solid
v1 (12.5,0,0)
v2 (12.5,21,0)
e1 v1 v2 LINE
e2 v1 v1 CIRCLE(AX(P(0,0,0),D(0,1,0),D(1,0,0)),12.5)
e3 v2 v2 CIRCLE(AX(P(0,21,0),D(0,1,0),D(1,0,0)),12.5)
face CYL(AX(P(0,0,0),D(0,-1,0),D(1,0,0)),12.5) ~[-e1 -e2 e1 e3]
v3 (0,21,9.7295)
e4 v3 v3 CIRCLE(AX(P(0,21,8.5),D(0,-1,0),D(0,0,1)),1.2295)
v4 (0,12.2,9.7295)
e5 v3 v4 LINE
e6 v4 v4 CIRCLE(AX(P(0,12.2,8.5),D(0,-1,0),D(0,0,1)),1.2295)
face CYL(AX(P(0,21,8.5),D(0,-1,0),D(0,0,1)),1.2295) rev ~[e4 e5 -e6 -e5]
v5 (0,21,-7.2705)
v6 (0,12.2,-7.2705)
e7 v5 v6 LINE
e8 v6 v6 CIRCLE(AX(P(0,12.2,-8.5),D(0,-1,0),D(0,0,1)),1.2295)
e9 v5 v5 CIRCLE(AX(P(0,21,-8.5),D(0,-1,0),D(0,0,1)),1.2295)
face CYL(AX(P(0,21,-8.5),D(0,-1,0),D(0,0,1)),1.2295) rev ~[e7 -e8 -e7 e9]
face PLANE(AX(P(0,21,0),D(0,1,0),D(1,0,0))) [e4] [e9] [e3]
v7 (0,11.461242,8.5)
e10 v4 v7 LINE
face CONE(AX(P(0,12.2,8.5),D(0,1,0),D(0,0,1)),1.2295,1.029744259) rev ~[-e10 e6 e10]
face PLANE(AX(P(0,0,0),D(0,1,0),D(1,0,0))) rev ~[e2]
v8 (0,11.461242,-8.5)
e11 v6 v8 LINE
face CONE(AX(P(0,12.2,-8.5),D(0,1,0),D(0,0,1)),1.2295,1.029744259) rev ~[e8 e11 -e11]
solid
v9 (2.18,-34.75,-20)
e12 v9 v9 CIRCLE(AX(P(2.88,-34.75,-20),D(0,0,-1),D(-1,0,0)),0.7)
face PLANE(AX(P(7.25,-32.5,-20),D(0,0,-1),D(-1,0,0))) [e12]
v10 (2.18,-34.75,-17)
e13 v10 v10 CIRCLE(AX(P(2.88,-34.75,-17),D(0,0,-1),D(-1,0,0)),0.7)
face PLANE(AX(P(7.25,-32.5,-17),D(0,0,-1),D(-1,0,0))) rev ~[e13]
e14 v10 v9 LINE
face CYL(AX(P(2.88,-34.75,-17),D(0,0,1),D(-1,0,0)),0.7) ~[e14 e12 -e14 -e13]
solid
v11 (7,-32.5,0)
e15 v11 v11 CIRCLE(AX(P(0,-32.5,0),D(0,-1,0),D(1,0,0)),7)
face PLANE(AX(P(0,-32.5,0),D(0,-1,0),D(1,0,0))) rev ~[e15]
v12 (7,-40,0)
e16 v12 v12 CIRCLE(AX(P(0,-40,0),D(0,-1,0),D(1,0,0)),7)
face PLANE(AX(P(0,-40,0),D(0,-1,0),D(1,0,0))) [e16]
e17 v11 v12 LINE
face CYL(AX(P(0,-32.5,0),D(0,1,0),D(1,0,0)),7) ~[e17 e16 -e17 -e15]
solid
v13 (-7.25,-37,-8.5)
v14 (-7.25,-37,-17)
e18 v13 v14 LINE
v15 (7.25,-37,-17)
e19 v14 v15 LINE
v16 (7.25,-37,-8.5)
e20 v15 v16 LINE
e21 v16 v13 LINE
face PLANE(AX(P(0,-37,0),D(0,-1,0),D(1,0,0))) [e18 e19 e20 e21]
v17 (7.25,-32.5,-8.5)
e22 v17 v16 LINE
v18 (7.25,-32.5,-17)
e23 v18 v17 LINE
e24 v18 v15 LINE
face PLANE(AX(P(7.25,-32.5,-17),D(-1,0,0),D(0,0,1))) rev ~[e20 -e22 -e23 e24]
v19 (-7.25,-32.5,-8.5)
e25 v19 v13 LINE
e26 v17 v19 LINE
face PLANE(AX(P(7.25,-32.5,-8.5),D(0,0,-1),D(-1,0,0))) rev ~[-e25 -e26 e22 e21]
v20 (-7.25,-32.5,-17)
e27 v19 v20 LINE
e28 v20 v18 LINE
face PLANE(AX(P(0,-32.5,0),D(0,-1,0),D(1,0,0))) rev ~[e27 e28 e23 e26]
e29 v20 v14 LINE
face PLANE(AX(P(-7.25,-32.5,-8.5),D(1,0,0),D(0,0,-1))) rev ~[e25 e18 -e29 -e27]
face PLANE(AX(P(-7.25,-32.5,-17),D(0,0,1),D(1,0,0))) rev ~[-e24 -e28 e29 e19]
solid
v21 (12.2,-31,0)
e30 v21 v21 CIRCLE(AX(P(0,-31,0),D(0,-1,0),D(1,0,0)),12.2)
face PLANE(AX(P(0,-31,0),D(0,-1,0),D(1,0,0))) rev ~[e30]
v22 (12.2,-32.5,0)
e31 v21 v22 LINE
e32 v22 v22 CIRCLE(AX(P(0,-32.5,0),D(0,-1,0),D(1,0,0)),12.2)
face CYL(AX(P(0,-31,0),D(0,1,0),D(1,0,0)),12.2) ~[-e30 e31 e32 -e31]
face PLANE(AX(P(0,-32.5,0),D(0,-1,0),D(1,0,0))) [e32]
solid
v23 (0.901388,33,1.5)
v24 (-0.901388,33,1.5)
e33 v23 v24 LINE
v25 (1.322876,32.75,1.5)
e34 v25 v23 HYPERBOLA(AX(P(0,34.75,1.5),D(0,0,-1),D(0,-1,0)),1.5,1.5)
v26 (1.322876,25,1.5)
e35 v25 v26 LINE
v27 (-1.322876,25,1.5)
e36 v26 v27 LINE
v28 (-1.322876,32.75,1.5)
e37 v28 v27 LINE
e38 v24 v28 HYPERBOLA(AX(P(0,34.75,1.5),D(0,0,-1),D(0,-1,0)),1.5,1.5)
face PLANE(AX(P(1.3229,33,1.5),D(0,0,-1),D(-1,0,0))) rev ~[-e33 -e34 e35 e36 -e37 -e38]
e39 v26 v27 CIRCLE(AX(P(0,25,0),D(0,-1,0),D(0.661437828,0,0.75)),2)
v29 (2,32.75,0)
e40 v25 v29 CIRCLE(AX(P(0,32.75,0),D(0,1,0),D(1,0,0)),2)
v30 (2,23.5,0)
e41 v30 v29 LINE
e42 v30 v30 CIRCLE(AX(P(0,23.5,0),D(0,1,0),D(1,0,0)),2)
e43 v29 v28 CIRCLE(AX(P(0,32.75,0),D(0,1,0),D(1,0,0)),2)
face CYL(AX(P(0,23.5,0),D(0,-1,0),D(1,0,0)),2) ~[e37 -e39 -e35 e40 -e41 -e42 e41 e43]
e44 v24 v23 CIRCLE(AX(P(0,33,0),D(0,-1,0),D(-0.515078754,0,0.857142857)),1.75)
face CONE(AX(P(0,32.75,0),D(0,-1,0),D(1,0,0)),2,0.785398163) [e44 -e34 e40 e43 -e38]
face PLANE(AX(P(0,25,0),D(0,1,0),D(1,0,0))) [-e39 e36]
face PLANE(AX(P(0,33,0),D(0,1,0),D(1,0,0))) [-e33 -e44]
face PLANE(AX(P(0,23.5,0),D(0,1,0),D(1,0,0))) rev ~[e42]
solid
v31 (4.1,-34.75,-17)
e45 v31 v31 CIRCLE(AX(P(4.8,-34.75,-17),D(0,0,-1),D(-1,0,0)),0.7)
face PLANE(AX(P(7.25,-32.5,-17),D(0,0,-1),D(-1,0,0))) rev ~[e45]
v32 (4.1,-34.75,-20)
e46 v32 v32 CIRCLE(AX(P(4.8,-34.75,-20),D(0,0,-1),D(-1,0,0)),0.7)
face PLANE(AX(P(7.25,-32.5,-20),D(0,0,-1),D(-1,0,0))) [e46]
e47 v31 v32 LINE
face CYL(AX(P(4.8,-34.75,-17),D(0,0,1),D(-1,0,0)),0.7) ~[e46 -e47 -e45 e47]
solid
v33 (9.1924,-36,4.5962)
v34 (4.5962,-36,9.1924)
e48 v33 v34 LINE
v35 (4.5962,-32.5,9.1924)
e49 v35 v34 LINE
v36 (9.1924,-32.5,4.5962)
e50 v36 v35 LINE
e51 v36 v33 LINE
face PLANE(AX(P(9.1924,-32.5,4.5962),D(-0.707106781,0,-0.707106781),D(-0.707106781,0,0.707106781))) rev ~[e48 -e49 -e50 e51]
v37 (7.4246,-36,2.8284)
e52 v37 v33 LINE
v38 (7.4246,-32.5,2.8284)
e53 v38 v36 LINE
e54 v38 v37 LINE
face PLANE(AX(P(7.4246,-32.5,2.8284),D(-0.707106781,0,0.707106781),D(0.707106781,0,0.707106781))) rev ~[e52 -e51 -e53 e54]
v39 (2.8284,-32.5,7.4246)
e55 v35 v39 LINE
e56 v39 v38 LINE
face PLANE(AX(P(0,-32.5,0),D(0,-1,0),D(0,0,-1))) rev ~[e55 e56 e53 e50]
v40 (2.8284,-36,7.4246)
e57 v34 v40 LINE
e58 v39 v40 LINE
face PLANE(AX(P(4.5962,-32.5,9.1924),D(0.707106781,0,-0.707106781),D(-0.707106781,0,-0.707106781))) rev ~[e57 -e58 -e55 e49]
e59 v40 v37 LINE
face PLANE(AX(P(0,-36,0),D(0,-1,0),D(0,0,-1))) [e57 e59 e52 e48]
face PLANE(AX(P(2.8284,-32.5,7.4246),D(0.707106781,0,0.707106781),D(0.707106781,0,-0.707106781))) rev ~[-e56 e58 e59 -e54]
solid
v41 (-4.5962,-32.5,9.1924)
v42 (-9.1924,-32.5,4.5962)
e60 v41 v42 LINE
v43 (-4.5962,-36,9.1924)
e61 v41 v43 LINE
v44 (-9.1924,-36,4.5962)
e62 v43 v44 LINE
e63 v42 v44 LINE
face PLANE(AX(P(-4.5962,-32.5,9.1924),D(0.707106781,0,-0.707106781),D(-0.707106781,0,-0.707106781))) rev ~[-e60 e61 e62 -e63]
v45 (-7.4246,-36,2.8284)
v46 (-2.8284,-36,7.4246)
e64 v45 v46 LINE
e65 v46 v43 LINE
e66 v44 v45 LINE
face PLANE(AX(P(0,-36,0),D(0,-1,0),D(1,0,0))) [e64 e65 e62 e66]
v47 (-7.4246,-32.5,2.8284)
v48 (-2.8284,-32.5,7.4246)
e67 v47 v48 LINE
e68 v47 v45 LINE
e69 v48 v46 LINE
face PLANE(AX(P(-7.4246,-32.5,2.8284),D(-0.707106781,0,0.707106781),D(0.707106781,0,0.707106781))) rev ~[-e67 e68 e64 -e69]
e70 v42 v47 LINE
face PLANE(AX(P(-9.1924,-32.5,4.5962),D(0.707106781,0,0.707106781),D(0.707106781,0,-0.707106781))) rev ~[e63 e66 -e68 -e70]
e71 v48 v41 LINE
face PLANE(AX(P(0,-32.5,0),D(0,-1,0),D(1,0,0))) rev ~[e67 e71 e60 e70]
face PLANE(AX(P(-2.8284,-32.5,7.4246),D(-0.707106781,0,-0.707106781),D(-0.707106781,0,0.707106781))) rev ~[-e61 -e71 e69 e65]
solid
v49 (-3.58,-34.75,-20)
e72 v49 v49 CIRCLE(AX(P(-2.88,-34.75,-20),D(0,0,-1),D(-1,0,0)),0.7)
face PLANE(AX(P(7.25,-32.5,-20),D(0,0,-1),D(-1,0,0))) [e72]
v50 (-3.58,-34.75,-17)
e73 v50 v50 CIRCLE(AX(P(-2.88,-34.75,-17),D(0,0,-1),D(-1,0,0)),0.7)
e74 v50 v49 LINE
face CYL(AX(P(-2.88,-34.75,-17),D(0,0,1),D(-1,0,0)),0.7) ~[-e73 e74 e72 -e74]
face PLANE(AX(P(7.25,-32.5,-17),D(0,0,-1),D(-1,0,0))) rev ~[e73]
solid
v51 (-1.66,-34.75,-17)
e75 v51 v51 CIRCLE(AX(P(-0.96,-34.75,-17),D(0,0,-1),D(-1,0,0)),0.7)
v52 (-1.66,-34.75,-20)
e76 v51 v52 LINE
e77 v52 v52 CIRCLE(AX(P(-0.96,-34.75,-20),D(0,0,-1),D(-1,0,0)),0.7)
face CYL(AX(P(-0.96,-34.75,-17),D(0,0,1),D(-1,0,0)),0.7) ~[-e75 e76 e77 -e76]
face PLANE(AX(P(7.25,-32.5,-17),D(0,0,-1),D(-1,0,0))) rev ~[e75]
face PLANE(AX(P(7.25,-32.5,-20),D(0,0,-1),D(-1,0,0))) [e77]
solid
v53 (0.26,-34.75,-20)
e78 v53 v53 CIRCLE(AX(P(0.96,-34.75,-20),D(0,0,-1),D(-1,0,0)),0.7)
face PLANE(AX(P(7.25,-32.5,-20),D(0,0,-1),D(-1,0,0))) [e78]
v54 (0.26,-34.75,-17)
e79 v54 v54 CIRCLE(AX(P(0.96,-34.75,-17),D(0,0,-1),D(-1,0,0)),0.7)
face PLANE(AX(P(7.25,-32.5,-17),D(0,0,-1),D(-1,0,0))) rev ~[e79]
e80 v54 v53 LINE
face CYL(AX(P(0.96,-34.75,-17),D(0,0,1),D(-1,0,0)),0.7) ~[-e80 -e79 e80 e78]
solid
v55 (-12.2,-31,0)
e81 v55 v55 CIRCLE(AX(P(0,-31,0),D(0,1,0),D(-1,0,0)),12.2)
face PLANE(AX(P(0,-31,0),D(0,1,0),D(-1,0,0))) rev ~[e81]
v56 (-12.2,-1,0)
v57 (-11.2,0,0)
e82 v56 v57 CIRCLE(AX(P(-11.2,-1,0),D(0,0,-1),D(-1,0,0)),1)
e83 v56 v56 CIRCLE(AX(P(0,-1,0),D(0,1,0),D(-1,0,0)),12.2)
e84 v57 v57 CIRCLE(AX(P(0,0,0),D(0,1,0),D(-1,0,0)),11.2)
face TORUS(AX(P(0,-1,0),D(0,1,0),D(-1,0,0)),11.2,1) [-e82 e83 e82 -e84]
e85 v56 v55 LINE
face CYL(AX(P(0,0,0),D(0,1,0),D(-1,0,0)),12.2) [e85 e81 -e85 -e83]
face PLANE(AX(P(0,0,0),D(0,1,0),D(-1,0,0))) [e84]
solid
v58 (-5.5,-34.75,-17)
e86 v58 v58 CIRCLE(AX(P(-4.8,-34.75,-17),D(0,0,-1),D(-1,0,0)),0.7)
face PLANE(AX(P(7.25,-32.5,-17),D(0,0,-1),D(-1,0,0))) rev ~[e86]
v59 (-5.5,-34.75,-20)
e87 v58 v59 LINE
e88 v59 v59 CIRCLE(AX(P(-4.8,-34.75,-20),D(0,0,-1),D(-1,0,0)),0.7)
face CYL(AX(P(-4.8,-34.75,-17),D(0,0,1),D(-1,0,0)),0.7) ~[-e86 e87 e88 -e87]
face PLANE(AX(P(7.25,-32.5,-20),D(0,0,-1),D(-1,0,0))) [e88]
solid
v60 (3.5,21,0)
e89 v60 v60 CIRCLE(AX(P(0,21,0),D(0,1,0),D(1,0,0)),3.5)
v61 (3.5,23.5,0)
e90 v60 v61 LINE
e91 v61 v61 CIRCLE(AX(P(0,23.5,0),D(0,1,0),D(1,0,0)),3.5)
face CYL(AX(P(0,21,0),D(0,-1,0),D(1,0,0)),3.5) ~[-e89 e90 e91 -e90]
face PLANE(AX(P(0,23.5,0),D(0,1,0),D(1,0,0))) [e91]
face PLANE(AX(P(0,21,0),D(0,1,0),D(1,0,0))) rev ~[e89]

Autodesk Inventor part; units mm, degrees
ref_plane "YZ Plane" through (0, 0, 0) normal (1, 0, 0) x (0, 1, 0)
ref_plane "XZ Plane" through (0, 0, 0) normal (0, 1, 0) x (-1, 0, 0)
ref_plane "XY Plane" through (0, 0, 0) normal (0, 0, 1) x (1, 0, 0)
sketch "Sketch1" plane through (0, 0, 0) normal (0, 1, 0) x (-1, 0, 0)
  circle A0 centre (0, 0) radius 12.2
  dimension "d0" = 24.4
extrude "Extrusion1" add sketch "Sketch1" against normal blind 31
fillet "Fillet1" radius 1 1 edges at (12.2, 0, 0)
sketch "Sketch2" plane through (0, -31, 0) normal (0, -1, 0) x (1, 0, 0)
  circle A0 centre (0, 0) radius 12.2 projected
extrude "Extrusion2" add sketch "Sketch2" along normal blind 1.5 separate body
sketch "Sketch3" plane through (0, -32.5, 0) normal (0, -1, 0) x (1, 0, 0)
  circle A0 centre (0, 0) radius 7
  dimension "d6" = 14
extrude "Extrusion3" add sketch "Sketch3" along normal blind 7.5 separate body
sketch "Sketch4" plane through (0, -32.5, 0) normal (0, -1, 0) x (1, 0, 0)
  circle A0 centre (0, 0) radius 6.75 construction
  line L0 (-7.4246, 2.8284) -> (-2.8284, 7.4246)
  line L1 (-2.8284, 7.4246) -> (-4.5962, 9.1924)
  line L2 (-4.5962, 9.1924) -> (-9.1924, 4.5962)
  line L3 (-9.1924, 4.5962) -> (-7.4246, 2.8284)
  line L4 (-7.4246, 2.8284) -> (-4.5962, 9.1924) construction
  line L5 (-2.8284, 7.4246) -> (-9.1924, 4.5962) construction
  line L6 (0, 0) -> (-6.0104, 6.0104) construction
  line L7 (0, 0) -> (-12.2, 0) construction
  circle A1 centre (0, 0) radius 12.2 construction
  point P0 (4.773, -4.773)
  dimension "d9" = 13.5
  dimension "d10" = 6.5
  dimension "d11" = 2.5
  dimension "d12" = 45
  dimension "d13" = 16.5
extrude "Extrusion4" add sketch "Sketch4" along normal blind 3.5 separate body
pattern_circular "Circular Pattern1" count 2 over 90 about axis through (0, -32.5, 0) along (0, 1, 0) of "Extrusion4" bodies 4
sketch "Sketch5" plane through (0, -32.5, 0) normal (0, -1, 0) x (1, 0, 0)
  line L0 (-7.25, -17) -> (7.25, -17)
  line L1 (7.25, -17) -> (7.25, -8.5)
  line L2 (7.25, -8.5) -> (-7.25, -8.5)
  line L3 (-7.25, -8.5) -> (-7.25, -17)
  line L4 (-7.25, -17) -> (7.25, -8.5) construction
  line L5 (7.25, -17) -> (-7.25, -8.5) construction
  circle A0 centre (0, 0) radius 7 projected
  point P0 (0, -12.75)
  point P1 (0, -12.75)
  dimension "d19" = 17
  dimension "d20" = 8.5
  dimension "d21" = 14.5
extrude "Extrusion5" add sketch "Sketch5" along normal blind 4.5 separate body contours L3 L2 L1 L0
sketch "Sketch6" plane through (7.25, -32.5, -17) normal (0, 0, -1) x (-1, 0, 0)
  line L0 (12.05, -2.25) -> (10.13, -2.25) construction
  line L1 (10.13, -2.25) -> (8.21, -2.25) construction
  line L2 (8.21, -2.25) -> (6.29, -2.25) construction
  line L3 (6.29, -2.25) -> (4.37, -2.25) construction
  line L4 (4.37, -2.25) -> (2.45, -2.25) construction
  circle A0 centre (12.05, -2.25) radius 0.7
  circle A1 centre (10.13, -2.25) radius 0.7
  circle A2 centre (8.21, -2.25) radius 0.7
  circle A3 centre (6.29, -2.25) radius 0.7
  circle A4 centre (4.37, -2.25) radius 0.7
  circle A5 centre (2.45, -2.25) radius 0.7
  line L5 (14.5, 0) -> (14.5, -4.5) projected
  line L6 (14.5, -4.5) -> (0, -4.5) projected
  point P0 (7.25, 32.5)
  point P1 (14.5, -2.25)
  point P2 (7.25, -2.25)
  point P3 (7.25, -4.5)
  dimension "d24" = 9.6
  dimension "d25" = 1.4
extrude "Extrusion6" add sketch "Sketch6" along normal blind 3 separate body contours A0
extrude "Extrusion7" add sketch "Sketch6" along normal blind 3 separate body contours A1
extrude "Extrusion8" add sketch "Sketch6" along normal blind 3 separate body contours A2
extrude "Extrusion9" add sketch "Sketch6" along normal blind 3 separate body contours A3
extrude "Extrusion10" add sketch "Sketch6" along normal blind 3 separate body contours A4
extrude "Extrusion11" add sketch "Sketch6" along normal blind 3 separate body contours A5
sketch "Sketch7" plane through (0, 0, 0) normal (0, 1, 0) x (1, 0, 0)
  circle A0 centre (0, 0) radius 12.5
  dimension "d38" = 25
extrude "Extrusion12" add sketch "Sketch7" along normal blind 21 separate body
sketch "Sketch8" plane through (0, 21, 0) normal (0, 1, 0) x (1, 0, 0)
  circle A0 centre (0, 0) radius 11.2 construction
  circle A1 centre (0, 0) radius 3.5
  dimension "d41" = 7
extrude "Extrusion13" add sketch "Sketch8" along normal blind 2.5 separate body
sketch "Sketch9" plane through (0, 23.5, 0) normal (0, 1, 0) x (1, 0, 0)
  circle A0 centre (0, 0) radius 2
  dimension "d44" = 4
extrude "Extrusion14" add sketch "Sketch9" along normal blind 9.5 separate body
chamfer "Chamfer1" distance 0.25 angle 45 1 edges at (-2, 33, 0)
sketch "Sketch10" plane through (0, 33, 0) normal (0, 1, 0) x (1, 0, 0)
  line L0 (-1.3229, -2) -> (1.3229, -2)
  line L1 (1.3229, -2) -> (1.3229, -1.5)
  line L2 (1.3229, -1.5) -> (-1.3229, -1.5)
  line L3 (-1.3229, -1.5) -> (-1.3229, -2)
  circle A0 centre (0, 0) radius 2 construction
  dimension "d50" = 1.5
extrude "Extrusion15" cut sketch "Sketch10" against normal blind 8 bodies 14
sketch "Sketch11" plane through (0, 21, 0) normal (0, 1, 0) x (1, 0, 0)
  circle A0 centre (0, 0) radius 12.5 construction
  line L0 (0, 8.5) -> (0, -8.5) construction
  line L1 (7.25, 8.5) -> (-7.25, 8.5) construction
  dimension "d53" = 17
hole "Hole1" at (0, 21, -8.5) at (0, 21, 8.5) direction (0, -1, 0) diameter 2.459 depth 8.8 tip angle 118 bodies 12 thread size "M3x0.5" class "6H" standard "ISO Metric profile"
properties part number "JGA25-371_12VDC_100RPM"
